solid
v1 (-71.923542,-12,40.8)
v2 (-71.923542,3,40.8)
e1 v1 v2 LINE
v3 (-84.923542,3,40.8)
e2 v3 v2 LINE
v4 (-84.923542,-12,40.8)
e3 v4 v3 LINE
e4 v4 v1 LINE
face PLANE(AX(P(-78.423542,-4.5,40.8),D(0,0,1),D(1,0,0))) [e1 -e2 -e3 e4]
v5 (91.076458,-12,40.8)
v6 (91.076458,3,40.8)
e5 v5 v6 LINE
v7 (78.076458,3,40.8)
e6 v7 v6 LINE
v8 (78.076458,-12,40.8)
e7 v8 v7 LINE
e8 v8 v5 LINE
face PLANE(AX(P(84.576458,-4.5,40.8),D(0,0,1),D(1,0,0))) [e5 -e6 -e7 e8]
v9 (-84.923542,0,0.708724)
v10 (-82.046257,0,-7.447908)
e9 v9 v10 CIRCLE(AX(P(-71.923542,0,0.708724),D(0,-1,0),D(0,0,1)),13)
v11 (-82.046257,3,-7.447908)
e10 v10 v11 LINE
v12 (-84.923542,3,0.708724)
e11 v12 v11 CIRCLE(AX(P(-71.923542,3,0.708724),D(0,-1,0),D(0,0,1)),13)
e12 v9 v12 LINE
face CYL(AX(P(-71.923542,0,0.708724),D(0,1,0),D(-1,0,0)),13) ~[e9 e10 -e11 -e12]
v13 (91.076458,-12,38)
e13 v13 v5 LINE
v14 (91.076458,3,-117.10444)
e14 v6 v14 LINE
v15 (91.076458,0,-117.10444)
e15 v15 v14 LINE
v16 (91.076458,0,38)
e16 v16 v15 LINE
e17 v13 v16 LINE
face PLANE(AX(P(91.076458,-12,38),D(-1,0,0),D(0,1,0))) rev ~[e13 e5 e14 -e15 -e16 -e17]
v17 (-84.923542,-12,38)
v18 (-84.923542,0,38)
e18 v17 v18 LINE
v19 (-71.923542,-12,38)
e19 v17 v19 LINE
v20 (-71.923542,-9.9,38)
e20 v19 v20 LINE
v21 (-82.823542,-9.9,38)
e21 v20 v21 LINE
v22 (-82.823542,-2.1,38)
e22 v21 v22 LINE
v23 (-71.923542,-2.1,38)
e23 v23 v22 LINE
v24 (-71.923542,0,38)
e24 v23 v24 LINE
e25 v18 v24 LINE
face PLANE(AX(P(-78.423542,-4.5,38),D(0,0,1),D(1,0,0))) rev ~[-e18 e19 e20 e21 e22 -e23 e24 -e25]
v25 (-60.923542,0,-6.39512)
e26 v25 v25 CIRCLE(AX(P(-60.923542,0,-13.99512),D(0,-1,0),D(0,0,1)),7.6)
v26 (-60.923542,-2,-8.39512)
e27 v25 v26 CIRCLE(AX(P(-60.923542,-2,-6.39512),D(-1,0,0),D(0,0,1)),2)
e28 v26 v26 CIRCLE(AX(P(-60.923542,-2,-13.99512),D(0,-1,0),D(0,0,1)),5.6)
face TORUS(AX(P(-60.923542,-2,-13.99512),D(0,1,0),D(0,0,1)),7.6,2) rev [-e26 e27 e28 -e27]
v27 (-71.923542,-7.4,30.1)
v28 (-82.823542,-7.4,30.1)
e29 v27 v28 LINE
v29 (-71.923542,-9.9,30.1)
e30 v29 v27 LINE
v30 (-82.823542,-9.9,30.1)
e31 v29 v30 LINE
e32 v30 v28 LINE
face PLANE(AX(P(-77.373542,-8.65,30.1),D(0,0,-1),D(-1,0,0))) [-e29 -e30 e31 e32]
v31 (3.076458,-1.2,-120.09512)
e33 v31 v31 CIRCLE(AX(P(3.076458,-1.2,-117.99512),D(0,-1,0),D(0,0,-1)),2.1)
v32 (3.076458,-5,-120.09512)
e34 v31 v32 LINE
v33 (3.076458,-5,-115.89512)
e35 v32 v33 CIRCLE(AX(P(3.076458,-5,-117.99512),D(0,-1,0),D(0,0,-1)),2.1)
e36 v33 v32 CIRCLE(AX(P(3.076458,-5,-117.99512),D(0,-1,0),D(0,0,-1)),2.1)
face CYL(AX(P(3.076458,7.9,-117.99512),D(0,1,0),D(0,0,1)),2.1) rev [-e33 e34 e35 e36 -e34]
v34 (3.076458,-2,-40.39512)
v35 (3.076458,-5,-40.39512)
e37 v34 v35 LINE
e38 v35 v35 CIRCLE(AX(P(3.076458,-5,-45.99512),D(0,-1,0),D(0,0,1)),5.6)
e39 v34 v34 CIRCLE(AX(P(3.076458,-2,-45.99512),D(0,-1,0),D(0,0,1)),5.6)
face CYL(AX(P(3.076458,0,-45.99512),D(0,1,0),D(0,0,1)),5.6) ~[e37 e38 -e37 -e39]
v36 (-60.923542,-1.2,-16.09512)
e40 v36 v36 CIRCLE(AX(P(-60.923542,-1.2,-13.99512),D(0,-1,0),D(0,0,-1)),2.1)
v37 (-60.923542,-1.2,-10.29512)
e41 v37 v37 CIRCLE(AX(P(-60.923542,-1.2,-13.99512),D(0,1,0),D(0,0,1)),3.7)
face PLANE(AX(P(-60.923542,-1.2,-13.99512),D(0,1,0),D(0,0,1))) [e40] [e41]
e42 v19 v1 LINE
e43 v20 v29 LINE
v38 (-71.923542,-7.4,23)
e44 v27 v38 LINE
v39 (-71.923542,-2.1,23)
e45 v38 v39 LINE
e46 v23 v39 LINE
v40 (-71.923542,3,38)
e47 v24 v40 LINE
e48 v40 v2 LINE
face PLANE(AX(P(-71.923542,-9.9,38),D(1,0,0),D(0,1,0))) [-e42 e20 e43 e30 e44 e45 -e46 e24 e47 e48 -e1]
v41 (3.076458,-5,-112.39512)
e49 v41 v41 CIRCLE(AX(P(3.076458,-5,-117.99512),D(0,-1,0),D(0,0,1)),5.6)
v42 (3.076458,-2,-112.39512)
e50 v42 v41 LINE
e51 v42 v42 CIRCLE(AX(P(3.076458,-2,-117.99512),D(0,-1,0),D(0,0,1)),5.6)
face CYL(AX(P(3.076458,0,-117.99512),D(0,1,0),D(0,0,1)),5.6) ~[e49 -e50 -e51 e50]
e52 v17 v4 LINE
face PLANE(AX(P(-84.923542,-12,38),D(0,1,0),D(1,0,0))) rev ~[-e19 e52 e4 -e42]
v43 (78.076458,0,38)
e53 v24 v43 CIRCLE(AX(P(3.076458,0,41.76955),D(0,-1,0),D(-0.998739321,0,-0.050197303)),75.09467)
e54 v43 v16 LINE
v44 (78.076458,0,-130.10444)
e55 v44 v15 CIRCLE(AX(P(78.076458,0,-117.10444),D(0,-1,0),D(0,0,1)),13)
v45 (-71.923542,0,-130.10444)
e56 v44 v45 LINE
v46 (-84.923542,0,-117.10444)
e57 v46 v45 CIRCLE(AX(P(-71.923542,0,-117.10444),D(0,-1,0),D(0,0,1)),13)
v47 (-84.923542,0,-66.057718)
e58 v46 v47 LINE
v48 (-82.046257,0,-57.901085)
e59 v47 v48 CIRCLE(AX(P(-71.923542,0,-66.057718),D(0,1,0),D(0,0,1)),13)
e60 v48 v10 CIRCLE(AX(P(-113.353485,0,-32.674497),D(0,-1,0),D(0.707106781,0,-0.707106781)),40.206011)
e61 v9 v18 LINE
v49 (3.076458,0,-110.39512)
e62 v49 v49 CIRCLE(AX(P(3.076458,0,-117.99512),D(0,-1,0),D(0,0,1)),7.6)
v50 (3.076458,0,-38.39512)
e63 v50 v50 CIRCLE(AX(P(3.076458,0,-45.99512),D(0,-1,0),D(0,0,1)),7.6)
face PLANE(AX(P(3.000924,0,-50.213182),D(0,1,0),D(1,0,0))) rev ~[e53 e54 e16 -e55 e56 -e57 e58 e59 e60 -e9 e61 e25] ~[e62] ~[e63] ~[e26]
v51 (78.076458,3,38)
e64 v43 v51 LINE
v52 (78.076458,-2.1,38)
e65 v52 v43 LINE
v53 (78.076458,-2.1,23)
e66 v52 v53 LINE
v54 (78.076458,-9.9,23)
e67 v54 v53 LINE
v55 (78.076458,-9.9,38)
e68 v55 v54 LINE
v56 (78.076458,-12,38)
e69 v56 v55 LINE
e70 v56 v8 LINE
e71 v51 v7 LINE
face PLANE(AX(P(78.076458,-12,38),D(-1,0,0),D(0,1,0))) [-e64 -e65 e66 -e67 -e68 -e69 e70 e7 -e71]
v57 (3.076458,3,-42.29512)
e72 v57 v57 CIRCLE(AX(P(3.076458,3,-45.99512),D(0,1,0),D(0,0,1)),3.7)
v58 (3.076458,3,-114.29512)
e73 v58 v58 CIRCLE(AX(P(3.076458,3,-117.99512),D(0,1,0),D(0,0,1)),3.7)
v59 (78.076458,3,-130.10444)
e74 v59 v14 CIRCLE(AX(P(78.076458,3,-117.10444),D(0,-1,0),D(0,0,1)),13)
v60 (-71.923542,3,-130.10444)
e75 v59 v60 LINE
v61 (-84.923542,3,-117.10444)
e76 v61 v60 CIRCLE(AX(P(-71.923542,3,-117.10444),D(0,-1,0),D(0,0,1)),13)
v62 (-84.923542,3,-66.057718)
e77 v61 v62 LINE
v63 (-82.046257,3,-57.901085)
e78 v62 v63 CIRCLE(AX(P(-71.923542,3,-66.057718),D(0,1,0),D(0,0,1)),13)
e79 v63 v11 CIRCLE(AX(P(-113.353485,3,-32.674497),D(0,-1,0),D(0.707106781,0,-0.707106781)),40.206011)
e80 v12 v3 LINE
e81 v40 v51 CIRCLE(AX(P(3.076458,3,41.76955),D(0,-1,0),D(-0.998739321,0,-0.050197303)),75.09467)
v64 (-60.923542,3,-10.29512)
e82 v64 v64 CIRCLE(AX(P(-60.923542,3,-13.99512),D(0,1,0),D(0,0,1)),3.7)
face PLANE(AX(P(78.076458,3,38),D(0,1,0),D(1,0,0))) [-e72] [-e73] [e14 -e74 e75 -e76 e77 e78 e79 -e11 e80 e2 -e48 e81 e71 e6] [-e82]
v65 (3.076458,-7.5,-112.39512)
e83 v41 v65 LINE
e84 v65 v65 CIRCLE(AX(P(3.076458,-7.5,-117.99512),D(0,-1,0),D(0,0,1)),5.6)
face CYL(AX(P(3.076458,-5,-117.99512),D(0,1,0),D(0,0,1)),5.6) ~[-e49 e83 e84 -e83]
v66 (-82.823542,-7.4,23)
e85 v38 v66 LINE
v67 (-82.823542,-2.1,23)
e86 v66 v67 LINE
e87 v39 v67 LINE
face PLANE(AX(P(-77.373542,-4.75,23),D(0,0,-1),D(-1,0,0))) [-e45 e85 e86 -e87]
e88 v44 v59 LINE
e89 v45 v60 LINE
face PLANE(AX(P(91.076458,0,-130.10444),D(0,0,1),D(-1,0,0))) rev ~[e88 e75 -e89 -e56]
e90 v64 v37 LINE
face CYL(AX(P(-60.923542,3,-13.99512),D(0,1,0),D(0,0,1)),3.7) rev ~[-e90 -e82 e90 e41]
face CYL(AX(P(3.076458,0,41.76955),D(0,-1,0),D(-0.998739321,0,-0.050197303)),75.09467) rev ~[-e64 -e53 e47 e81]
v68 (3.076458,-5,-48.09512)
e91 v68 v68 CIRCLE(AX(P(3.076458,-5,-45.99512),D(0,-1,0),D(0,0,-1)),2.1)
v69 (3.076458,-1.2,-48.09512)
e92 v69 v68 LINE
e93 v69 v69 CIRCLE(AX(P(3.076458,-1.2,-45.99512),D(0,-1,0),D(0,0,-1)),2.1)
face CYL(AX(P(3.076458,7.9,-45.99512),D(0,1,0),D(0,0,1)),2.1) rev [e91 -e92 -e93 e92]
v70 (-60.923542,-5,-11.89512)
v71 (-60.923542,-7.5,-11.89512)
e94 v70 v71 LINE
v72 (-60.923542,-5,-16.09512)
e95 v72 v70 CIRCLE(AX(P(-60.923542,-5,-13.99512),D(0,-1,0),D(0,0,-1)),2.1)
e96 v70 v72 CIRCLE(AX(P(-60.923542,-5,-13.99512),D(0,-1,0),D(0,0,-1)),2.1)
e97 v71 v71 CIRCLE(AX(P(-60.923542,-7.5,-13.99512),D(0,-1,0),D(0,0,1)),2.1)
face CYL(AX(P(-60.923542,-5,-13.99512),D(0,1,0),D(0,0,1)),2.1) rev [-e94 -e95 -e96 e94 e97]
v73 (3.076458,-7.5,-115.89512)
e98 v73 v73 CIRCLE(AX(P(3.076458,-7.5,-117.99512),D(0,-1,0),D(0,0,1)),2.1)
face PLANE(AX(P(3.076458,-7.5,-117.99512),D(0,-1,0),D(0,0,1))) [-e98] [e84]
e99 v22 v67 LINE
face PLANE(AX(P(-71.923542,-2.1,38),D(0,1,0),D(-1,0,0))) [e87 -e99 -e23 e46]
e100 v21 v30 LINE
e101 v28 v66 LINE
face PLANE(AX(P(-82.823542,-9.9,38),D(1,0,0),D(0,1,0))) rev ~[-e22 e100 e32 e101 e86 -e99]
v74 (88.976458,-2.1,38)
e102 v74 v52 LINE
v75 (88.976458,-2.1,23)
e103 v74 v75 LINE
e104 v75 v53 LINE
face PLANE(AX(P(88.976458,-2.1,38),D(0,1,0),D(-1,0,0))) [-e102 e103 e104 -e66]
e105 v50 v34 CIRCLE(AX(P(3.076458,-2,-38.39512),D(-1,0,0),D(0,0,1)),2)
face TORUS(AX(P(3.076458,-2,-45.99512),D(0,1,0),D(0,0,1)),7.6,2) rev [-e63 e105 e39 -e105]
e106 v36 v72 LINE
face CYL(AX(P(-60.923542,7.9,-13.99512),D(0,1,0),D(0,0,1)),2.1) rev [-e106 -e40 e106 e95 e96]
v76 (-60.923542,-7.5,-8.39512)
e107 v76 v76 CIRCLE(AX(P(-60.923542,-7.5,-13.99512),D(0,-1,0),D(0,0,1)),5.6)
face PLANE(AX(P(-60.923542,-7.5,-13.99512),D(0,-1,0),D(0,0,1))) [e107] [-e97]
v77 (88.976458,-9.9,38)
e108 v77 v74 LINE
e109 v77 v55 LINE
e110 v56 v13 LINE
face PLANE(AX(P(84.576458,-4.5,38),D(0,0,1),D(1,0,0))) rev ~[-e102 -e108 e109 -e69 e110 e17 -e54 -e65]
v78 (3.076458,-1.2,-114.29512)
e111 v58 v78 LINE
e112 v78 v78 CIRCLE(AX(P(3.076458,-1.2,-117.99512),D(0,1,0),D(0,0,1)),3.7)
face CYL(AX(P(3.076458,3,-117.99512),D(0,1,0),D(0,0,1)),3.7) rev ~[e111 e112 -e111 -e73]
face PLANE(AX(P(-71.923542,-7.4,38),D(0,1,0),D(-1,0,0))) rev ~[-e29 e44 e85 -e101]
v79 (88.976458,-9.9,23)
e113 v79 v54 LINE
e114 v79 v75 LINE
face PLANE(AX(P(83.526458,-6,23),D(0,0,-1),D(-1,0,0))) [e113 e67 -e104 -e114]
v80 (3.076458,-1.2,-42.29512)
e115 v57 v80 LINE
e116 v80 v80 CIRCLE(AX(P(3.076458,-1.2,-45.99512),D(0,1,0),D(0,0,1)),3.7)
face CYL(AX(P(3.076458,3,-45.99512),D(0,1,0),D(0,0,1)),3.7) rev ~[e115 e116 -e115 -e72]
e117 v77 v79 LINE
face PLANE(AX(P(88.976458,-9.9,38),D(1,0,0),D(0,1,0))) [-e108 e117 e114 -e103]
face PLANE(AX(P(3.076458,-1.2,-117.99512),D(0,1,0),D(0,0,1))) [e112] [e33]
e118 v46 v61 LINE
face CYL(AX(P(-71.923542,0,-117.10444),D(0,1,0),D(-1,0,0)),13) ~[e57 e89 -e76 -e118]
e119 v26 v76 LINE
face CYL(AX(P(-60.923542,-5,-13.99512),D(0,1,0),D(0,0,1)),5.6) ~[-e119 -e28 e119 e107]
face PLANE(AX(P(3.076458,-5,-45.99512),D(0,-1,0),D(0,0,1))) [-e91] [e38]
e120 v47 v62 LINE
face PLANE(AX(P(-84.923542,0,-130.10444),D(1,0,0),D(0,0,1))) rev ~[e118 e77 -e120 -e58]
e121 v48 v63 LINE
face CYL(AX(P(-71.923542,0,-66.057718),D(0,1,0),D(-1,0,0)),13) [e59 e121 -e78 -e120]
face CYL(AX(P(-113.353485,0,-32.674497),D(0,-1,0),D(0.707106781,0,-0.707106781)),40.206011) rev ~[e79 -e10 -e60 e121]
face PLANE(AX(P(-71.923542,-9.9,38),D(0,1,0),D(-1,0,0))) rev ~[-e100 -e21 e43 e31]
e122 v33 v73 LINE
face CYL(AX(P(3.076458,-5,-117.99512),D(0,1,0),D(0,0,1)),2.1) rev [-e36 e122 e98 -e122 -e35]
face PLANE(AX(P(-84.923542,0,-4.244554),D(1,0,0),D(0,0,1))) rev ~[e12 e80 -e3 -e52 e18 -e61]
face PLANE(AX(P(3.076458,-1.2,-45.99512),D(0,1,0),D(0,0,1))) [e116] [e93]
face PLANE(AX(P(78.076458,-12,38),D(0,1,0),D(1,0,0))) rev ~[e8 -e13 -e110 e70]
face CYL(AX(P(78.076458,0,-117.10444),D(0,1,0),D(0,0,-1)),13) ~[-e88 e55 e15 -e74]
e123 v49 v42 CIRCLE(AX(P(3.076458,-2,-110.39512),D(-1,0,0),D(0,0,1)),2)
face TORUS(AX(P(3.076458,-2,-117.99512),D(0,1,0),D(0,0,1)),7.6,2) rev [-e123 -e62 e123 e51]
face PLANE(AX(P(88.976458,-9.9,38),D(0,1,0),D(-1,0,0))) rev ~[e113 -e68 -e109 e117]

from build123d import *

# Parameters (mm, degrees)
BOSS_EXTRUDE1_DEPTH = 3
SKETCH2_W           = 13
SKETCH2_H           = 15
BOSS_EXTRUDE2_DEPTH = 2.8
SKETCH3_W           = 10.9
SKETCH3_H           = 7.8
SKETCH3_H_2         = 5.3
BOSS_EXTRUDE3_DEPTH = 15
SKETCH4_W           = 10.9
SKETCH4_H           = 2.5
BOSS_EXTRUDE4_DEPTH = 7.9
FILLET3_R           = 13
SKETCH5_R           = 5.6
SKETCH5_R_2         = 2.1
BOSS_EXTRUDE5_DEPTH = 5
CUT_EXTRUDE1_START  = -7.9
SKETCH6_R           = 2.1
CUT_EXTRUDE1_DEPTH  = 7.9
SKETCH7_R           = 3.7
CUT_EXTRUDE2_DEPTH  = 4.2
FILLET5_R           = 2
SKETCH8_R           = 5.6
SKETCH8_R_2         = 2.1
BOSS_EXTRUDE6_DEPTH = 2.5


with BuildPart() as part:
    # Sketch1 → Boss-Extrude1 (new body)
    with BuildSketch(Plane(origin=(0, 0, 0), x_dir=(1, 0, 0), z_dir=(0, 1, 0))):
        with BuildLine():
            Line((78.076457806, -38), (91.076457806, -38))
            Line((91.076457806, -38), (91.076457806, 130.104439919))
            Line((91.076457806, 130.104439919), (-84.923542194, 130.104439919))
            Line((-84.923542194, 130.104439919), (-84.923542194, 72.662298294))
            Line((-84.923542194, 72.662298294), (-84.923542194, 61.104439919))
            ThreePointArc((-84.923542194, 61.104439919), (-73.14747421, 32.674496882), (-84.923542194, 4.244553845))
            Line((-84.923542194, 4.244553845), (-84.923542194, 0))
            Line((-84.923542194, 0), (-84.923542194, -38))
            Line((-84.923542194, -38), (-71.923542194, -38))
            ThreePointArc((-71.923542194, -38), (3.076457806, 33.325120397), (78.076457806, -38))
        make_face()
    extrude(amount=BOSS_EXTRUDE1_DEPTH)

    # Sketch2 → Boss-Extrude2 (add)
    with BuildSketch(Plane.XY.offset(38)):
        with Locations((84.576457806, -4.5)):
            Rectangle(SKETCH2_W, SKETCH2_H)
        with Locations((-78.423542194, -4.5)):
            Rectangle(SKETCH2_W, SKETCH2_H)
    extrude(amount=BOSS_EXTRUDE2_DEPTH)

    # Sketch3 → Boss-Extrude3 (add)
    with BuildSketch(Plane(origin=(0, 0, 38), x_dir=(-1, 0, 0), z_dir=(0, 0, -1))):
        with Locations((-83.526457806, -6)):
            Rectangle(SKETCH3_W, SKETCH3_H)
        with Locations((77.373542194, -4.75)):
            Rectangle(SKETCH3_W, SKETCH3_H_2)
    extrude(amount=BOSS_EXTRUDE3_DEPTH)

    # Sketch4 → Boss-Extrude4 (add)
    with BuildSketch(Plane(origin=(0, 0, 38), x_dir=(-1, 0, 0), z_dir=(0, 0, -1))):
        with Locations((77.373542194, -8.65)):
            Rectangle(SKETCH4_W, SKETCH4_H)
    extrude(amount=BOSS_EXTRUDE4_DEPTH)

    # Fillet3
    fillet3_edges = [part.edges().sort_by_distance(p)[0] for p in [
        (-84.923542194, 1.5, -130.104439919),
        (91.076457806, 1.5, -130.104439919),
        (-84.923542194, 1.5, -4.244553845),
        (-84.923542194, 1.5, -61.104439919),
    ]]
    fillet(fillet3_edges, radius=FILLET3_R)

    # Sketch5 → Boss-Extrude5 (add)
    # profile 1 of 3: a face of its own
    with BuildSketch(Plane.XZ):
        with Locations(Location((3.076457806, -45.995120397, 0), (0, 0, 90))):
            Circle(SKETCH5_R)
        with Locations(Location((3.076457806, -45.995120397, 0), (0, 0, 270))):
            Circle(SKETCH5_R_2, mode=Mode.SUBTRACT)
    # profile 2 of 3: a face of its own
    with BuildSketch(Plane.XZ):
        with Locations(Location((-60.923542194, -13.995120397, 0), (0, 0, 90))):
            Circle(SKETCH5_R)
        with Locations(Location((-60.923542194, -13.995120397, 0), (0, 0, 270))):
            Circle(SKETCH5_R_2, mode=Mode.SUBTRACT)
    # profile 3 of 3: a face of its own
    with BuildSketch(Plane.XZ):
        with Locations(Location((3.076457806, -117.995120397, 0), (0, 0, 90))):
            Circle(SKETCH5_R)
        with Locations(Location((3.076457806, -117.995120397, 0), (0, 0, 270))):
            Circle(SKETCH5_R_2, mode=Mode.SUBTRACT)
    extrude(amount=BOSS_EXTRUDE5_DEPTH)

    # Sketch6 → Cut-Extrude1 (cut)
    with BuildSketch(Plane(origin=(0, 0, 0), x_dir=(-1, 0, 0), z_dir=(0, -1, 0)).offset(CUT_EXTRUDE1_START)):
        with Locations(Location((-3.076457806, 45.995120397, 0), (0, 0, 270))):
            Circle(SKETCH6_R)
        with Locations(Location((60.923542194, 13.995120397, 0), (0, 0, 270))):
            Circle(SKETCH6_R)
        with Locations(Location((-3.076457806, 117.995120397, 0), (0, 0, 270))):
            Circle(SKETCH6_R)
    extrude(amount=CUT_EXTRUDE1_DEPTH, mode=Mode.SUBTRACT)

    # Sketch7 → Cut-Extrude2 (cut)
    with BuildSketch(Plane(origin=(0, 3, 0), x_dir=(1, 0, 0), z_dir=(0, 1, 0))):
        with Locations(Location((3.076457806, 45.995120397, 0), (0, 0, 270))):
            Circle(SKETCH7_R)
        with Locations(Location((-60.923542194, 13.995120397, 0), (0, 0, 270))):
            Circle(SKETCH7_R)
        with Locations(Location((3.076457806, 117.995120397, 0), (0, 0, 270))):
            Circle(SKETCH7_R)
    extrude(amount=-CUT_EXTRUDE2_DEPTH, mode=Mode.SUBTRACT)

    # Fillet5
    fillet5_edges = [part.edges().sort_by_distance(p)[0] for p in [
        (3.076457806, 0, -51.595120397),
        (-60.923542194, 0, -19.595120397),
        (3.076457806, 0, -123.595120397),
    ]]
    fillet(fillet5_edges, radius=FILLET5_R)

    # Sketch8 → Boss-Extrude6 (add)
    # profile 1 of 2: a face of its own
    with BuildSketch(Plane.XZ.offset(5)):
        with Locations(Location((-60.923542194, -13.995120397, 0), (0, 0, 90))):
            Circle(SKETCH8_R)
        with Locations(Location((-60.923542194, -13.995120397, 0), (0, 0, 90))):
            Circle(SKETCH8_R_2, mode=Mode.SUBTRACT)
    # profile 2 of 2: a face of its own
    with BuildSketch(Plane.XZ.offset(5)):
        with Locations(Location((3.076457806, -117.995120397, 0), (0, 0, 90))):
            Circle(SKETCH8_R)
        with Locations(Location((3.076457806, -117.995120397, 0), (0, 0, 90))):
            Circle(SKETCH8_R_2, mode=Mode.SUBTRACT)
    extrude(amount=BOSS_EXTRUDE6_DEPTH)


solid = part.part
